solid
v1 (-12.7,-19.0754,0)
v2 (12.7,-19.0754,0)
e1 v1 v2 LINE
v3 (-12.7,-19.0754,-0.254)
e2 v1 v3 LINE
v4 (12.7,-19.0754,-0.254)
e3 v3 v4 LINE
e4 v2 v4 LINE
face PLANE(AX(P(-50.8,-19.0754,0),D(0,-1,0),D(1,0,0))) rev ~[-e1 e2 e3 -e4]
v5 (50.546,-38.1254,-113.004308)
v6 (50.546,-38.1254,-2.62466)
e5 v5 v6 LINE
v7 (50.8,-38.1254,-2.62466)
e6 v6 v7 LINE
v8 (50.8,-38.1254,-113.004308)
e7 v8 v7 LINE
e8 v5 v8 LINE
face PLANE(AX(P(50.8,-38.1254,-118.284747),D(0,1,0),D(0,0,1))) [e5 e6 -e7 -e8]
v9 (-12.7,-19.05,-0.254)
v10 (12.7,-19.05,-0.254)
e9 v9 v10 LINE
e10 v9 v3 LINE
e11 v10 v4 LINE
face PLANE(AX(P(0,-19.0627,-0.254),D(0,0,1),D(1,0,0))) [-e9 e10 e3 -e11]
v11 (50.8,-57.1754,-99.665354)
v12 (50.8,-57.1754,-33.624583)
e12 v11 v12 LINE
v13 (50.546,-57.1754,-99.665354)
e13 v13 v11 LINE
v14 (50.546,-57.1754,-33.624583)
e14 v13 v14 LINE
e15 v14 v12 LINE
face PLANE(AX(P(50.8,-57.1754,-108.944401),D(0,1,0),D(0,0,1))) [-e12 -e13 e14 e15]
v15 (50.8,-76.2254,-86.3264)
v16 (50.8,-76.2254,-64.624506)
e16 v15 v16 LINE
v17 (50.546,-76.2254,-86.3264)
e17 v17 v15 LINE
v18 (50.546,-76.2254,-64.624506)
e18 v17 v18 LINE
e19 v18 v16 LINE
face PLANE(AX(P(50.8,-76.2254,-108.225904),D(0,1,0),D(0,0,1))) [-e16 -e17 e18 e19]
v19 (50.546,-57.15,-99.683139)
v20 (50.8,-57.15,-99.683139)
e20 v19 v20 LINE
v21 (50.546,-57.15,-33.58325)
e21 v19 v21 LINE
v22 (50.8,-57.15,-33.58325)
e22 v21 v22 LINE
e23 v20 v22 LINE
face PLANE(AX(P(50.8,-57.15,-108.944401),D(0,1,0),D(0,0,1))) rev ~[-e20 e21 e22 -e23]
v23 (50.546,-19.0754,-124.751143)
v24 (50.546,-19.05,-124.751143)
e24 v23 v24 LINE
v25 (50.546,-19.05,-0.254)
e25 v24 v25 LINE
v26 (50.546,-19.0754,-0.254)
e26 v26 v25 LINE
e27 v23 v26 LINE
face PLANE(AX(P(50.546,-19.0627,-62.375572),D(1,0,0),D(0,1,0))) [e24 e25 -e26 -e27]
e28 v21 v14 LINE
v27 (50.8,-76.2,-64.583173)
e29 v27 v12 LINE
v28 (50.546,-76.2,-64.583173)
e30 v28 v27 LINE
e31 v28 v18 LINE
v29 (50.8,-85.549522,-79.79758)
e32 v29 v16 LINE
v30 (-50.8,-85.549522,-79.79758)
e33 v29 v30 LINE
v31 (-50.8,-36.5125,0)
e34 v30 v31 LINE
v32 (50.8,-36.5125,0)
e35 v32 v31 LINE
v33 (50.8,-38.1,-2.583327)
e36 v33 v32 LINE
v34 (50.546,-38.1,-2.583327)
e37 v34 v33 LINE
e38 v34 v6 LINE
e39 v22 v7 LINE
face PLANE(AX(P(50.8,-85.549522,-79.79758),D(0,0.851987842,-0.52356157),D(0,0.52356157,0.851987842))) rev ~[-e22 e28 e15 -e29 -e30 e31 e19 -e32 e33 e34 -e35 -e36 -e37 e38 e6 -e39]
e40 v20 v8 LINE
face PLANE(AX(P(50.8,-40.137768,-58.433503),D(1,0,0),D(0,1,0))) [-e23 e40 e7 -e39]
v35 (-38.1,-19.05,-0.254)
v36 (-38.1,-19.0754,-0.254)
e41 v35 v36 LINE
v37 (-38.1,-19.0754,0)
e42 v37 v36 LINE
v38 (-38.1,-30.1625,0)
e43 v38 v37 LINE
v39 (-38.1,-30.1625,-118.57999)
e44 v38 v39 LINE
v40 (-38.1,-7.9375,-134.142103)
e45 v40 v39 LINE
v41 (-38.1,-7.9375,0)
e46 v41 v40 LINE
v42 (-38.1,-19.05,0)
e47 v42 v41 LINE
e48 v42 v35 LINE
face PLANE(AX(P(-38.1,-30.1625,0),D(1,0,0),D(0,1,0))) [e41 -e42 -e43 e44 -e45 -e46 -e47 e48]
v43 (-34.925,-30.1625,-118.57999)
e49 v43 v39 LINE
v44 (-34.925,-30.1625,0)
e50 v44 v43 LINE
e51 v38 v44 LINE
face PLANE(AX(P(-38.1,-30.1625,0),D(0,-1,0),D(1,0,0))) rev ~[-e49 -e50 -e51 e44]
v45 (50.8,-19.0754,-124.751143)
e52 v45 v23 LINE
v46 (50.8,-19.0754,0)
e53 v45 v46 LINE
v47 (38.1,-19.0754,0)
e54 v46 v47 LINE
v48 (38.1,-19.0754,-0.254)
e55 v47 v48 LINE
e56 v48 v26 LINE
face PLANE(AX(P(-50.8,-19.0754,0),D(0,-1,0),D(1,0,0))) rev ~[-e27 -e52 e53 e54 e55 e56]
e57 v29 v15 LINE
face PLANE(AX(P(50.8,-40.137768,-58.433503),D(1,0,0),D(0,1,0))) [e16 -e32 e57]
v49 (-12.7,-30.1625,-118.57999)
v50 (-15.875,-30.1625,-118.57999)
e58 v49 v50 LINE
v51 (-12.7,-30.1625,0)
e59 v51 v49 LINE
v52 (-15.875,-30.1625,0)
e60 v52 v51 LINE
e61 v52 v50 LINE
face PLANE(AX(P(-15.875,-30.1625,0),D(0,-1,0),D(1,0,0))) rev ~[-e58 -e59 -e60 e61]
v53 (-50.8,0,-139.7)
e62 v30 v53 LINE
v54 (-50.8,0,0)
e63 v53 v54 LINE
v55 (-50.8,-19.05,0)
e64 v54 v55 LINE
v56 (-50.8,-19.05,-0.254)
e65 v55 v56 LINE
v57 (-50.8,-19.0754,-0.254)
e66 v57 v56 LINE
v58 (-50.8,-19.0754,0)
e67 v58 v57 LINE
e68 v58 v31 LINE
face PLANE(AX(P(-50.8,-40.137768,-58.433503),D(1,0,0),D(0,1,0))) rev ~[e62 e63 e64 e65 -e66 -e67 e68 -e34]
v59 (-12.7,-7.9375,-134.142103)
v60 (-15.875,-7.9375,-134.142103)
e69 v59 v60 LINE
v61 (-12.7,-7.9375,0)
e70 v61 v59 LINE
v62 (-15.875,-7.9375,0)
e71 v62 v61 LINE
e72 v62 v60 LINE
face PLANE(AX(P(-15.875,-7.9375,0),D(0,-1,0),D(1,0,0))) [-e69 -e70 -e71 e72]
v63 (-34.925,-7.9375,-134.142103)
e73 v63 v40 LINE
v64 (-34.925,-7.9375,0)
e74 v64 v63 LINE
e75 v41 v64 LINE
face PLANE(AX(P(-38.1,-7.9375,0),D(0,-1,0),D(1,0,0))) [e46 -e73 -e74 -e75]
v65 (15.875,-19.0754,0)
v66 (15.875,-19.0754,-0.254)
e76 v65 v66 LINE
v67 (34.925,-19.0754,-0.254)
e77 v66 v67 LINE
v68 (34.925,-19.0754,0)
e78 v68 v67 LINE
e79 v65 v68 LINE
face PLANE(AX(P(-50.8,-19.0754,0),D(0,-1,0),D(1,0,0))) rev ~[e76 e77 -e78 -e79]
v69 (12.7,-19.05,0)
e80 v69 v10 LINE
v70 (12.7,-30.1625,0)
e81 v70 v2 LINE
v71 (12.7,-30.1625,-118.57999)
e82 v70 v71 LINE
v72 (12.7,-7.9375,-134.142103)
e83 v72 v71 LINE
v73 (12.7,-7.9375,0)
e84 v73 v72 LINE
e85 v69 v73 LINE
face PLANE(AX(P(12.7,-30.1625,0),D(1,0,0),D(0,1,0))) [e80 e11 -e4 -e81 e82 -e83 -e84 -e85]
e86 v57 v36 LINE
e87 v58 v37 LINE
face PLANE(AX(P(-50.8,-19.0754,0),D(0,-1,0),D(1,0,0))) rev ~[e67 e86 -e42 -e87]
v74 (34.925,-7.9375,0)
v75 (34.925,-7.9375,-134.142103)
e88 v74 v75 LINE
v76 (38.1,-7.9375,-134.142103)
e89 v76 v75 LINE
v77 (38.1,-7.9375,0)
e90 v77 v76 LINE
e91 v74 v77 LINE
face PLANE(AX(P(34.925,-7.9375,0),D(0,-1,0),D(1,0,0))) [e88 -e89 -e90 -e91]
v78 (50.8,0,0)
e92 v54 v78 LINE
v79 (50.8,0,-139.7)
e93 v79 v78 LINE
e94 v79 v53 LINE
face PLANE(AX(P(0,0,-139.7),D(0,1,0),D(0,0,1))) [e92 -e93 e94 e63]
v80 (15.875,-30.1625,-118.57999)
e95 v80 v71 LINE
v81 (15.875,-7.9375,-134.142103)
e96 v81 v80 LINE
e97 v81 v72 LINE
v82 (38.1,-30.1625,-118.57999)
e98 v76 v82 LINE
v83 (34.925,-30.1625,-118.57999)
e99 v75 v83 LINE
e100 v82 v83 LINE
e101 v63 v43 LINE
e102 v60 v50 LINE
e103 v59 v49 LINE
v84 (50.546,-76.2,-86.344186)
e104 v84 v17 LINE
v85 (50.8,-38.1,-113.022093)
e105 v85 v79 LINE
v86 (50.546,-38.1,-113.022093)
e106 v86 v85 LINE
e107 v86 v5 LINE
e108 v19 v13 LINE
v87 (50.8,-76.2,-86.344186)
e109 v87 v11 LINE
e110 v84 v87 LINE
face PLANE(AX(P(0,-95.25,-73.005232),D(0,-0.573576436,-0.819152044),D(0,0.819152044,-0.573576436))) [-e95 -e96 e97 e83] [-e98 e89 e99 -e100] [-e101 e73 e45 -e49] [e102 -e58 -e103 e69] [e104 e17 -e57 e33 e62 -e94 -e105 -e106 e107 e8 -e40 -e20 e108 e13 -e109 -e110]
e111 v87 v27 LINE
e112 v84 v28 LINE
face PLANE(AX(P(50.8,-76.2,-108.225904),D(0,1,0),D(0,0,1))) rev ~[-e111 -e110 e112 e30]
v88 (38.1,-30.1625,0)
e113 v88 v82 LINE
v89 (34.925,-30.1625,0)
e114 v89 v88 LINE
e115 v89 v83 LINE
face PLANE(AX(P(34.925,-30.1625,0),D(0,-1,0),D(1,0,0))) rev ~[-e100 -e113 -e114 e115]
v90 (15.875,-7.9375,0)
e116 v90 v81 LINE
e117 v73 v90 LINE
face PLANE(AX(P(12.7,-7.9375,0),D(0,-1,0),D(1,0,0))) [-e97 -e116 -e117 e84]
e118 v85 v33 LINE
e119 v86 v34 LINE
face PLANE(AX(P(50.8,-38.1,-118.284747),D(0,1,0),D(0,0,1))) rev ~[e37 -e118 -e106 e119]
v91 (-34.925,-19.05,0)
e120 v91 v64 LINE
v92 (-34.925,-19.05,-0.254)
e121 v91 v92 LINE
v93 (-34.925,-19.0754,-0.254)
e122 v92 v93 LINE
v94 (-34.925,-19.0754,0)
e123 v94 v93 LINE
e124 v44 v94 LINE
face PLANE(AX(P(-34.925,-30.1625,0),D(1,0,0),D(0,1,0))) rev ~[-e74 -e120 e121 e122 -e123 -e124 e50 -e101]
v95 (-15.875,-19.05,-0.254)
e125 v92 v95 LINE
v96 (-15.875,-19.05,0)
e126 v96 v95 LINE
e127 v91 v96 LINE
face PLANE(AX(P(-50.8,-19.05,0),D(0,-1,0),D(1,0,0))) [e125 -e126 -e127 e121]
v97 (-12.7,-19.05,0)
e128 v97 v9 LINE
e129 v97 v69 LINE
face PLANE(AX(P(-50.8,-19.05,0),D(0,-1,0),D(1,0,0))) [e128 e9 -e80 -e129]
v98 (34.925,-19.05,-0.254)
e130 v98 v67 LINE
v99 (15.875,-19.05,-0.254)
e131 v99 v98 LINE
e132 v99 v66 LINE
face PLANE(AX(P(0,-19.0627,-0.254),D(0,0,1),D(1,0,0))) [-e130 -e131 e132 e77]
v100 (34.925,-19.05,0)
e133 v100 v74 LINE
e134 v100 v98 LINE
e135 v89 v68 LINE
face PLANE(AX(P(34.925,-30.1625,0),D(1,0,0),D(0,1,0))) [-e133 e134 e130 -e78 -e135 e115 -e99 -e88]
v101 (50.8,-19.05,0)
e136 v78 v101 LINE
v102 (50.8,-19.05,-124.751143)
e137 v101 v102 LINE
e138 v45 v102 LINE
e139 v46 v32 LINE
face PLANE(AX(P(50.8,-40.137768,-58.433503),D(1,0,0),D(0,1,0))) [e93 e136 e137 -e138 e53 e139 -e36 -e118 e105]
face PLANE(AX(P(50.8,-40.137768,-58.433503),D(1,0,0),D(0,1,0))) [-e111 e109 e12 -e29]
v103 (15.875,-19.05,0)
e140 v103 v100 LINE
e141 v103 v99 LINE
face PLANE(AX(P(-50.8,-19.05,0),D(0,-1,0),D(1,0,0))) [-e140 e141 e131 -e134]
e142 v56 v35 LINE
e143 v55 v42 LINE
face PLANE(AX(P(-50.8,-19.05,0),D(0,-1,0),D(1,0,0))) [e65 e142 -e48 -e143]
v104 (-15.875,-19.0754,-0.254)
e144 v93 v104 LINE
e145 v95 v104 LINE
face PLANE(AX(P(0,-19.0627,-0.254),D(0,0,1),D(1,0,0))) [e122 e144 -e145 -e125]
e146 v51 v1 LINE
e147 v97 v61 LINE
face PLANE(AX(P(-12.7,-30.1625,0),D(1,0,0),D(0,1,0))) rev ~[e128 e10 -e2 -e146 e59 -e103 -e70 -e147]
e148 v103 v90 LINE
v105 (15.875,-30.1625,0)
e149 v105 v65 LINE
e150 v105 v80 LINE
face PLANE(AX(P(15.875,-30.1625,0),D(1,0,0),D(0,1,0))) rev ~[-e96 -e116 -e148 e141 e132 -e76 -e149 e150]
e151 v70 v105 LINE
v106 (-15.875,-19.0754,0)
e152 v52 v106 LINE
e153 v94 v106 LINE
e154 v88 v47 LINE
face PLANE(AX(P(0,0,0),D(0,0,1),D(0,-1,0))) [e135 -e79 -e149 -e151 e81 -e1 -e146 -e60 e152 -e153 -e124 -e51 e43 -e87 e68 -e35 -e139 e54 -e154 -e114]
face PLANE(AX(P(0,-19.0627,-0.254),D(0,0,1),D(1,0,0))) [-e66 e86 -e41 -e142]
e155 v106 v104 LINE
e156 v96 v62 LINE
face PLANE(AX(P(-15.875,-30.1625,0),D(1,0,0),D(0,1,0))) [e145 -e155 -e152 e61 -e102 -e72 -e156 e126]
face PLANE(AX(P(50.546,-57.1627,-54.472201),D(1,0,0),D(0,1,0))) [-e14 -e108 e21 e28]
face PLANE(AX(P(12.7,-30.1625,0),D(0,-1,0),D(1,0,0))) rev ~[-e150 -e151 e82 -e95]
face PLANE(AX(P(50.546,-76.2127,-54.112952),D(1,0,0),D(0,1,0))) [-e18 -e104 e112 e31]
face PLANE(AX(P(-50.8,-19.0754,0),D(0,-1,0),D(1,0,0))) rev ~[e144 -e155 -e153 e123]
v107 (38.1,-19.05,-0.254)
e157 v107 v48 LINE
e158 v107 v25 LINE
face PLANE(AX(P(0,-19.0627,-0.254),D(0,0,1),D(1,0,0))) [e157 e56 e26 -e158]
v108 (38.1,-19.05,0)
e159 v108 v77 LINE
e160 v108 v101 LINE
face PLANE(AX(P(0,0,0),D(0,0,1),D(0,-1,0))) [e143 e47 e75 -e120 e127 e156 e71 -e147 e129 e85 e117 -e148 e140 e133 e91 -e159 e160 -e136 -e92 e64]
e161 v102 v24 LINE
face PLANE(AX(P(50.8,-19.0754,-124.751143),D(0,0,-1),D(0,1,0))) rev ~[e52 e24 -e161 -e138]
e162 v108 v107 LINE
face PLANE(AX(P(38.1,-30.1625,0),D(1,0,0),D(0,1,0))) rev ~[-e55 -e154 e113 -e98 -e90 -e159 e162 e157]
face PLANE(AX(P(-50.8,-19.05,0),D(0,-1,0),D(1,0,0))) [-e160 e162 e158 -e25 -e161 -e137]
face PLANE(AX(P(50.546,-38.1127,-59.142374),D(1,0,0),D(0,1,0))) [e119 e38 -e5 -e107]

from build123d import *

# Parameters (mm, degrees)
F1_DEPTH  = 50.8
F2_W      = 3.175
F2_H      = 22.225
F3_DEPTH  = 135.1421026655
F5_W      = 101.6
F5_H      = 0.0254
F6_DEPTH  = 0.254
F8_DEPTH  = 101.601
F9_W      = 0.0254
F9_H      = 124.7511431575
F9_H_2    = 118.2847470045
F9_H_3    = 108.944401145
F9_H_4    = 108.2259044051
F10_DEPTH = 0.254


with BuildPart() as f1:
    # F0 (on Right) → F1 (new body, symmetric)
    with BuildSketch(Plane.YZ):
        Polygon((0, -139.7), (0, 0), (-95.25, 0), (-95.25, -73.0052319855), align=None)
    extrude(amount=F1_DEPTH, both=True)

    # F2 (on face) → F3 (cut, up to face)
    with BuildSketch(Plane.XY):
        with Locations((-36.5125, -19.05)):
            Rectangle(F2_W, F2_H)
        with Locations((-14.2875, -19.05)):
            Rectangle(F2_W, F2_H)
        with Locations((14.2875, -19.05)):
            Rectangle(F2_W, F2_H)
        with Locations((36.5125, -19.05)):
            Rectangle(F2_W, F2_H)
    extrude(amount=-F3_DEPTH, mode=Mode.SUBTRACT)

    # F5 (on face) → F6 (cut)
    with BuildSketch(Plane.XY):
        with Locations((0, -19.0627)):
            Rectangle(F5_W, F5_H)
        with Locations((0, -38.1127)):
            Rectangle(F5_W, F5_H)
        with Locations((0, -57.1627)):
            Rectangle(F5_W, F5_H)
    extrude(amount=-F6_DEPTH, mode=Mode.SUBTRACT)

    # F7 (on face) → F8 (cut, through all)
    with BuildSketch(Plane.YZ.offset(50.8)):
        Polygon((-105.2813167576, -79.797580018), (-85.5495216963, -79.797580018), (-36.5125, 0), (-105.2813167576, 0), align=None)
    extrude(amount=-F8_DEPTH, mode=Mode.SUBTRACT)

    # F9 (on face) → F10 (cut)
    with BuildSketch(Plane.YZ.offset(50.8)):
        with Locations((-19.0627, -62.3755715787)):
            Rectangle(F9_W, F9_H)
        with Locations((-38.1127, -59.1423735023)):
            Rectangle(F9_W, F9_H_2)
        with Locations((-57.1627, -54.4722005725)):
            Rectangle(F9_W, F9_H_3)
        with Locations((-76.2127, -54.1129522026)):
            Rectangle(F9_W, F9_H_4)
    extrude(amount=-F10_DEPTH, mode=Mode.SUBTRACT)


solid = f1.part
